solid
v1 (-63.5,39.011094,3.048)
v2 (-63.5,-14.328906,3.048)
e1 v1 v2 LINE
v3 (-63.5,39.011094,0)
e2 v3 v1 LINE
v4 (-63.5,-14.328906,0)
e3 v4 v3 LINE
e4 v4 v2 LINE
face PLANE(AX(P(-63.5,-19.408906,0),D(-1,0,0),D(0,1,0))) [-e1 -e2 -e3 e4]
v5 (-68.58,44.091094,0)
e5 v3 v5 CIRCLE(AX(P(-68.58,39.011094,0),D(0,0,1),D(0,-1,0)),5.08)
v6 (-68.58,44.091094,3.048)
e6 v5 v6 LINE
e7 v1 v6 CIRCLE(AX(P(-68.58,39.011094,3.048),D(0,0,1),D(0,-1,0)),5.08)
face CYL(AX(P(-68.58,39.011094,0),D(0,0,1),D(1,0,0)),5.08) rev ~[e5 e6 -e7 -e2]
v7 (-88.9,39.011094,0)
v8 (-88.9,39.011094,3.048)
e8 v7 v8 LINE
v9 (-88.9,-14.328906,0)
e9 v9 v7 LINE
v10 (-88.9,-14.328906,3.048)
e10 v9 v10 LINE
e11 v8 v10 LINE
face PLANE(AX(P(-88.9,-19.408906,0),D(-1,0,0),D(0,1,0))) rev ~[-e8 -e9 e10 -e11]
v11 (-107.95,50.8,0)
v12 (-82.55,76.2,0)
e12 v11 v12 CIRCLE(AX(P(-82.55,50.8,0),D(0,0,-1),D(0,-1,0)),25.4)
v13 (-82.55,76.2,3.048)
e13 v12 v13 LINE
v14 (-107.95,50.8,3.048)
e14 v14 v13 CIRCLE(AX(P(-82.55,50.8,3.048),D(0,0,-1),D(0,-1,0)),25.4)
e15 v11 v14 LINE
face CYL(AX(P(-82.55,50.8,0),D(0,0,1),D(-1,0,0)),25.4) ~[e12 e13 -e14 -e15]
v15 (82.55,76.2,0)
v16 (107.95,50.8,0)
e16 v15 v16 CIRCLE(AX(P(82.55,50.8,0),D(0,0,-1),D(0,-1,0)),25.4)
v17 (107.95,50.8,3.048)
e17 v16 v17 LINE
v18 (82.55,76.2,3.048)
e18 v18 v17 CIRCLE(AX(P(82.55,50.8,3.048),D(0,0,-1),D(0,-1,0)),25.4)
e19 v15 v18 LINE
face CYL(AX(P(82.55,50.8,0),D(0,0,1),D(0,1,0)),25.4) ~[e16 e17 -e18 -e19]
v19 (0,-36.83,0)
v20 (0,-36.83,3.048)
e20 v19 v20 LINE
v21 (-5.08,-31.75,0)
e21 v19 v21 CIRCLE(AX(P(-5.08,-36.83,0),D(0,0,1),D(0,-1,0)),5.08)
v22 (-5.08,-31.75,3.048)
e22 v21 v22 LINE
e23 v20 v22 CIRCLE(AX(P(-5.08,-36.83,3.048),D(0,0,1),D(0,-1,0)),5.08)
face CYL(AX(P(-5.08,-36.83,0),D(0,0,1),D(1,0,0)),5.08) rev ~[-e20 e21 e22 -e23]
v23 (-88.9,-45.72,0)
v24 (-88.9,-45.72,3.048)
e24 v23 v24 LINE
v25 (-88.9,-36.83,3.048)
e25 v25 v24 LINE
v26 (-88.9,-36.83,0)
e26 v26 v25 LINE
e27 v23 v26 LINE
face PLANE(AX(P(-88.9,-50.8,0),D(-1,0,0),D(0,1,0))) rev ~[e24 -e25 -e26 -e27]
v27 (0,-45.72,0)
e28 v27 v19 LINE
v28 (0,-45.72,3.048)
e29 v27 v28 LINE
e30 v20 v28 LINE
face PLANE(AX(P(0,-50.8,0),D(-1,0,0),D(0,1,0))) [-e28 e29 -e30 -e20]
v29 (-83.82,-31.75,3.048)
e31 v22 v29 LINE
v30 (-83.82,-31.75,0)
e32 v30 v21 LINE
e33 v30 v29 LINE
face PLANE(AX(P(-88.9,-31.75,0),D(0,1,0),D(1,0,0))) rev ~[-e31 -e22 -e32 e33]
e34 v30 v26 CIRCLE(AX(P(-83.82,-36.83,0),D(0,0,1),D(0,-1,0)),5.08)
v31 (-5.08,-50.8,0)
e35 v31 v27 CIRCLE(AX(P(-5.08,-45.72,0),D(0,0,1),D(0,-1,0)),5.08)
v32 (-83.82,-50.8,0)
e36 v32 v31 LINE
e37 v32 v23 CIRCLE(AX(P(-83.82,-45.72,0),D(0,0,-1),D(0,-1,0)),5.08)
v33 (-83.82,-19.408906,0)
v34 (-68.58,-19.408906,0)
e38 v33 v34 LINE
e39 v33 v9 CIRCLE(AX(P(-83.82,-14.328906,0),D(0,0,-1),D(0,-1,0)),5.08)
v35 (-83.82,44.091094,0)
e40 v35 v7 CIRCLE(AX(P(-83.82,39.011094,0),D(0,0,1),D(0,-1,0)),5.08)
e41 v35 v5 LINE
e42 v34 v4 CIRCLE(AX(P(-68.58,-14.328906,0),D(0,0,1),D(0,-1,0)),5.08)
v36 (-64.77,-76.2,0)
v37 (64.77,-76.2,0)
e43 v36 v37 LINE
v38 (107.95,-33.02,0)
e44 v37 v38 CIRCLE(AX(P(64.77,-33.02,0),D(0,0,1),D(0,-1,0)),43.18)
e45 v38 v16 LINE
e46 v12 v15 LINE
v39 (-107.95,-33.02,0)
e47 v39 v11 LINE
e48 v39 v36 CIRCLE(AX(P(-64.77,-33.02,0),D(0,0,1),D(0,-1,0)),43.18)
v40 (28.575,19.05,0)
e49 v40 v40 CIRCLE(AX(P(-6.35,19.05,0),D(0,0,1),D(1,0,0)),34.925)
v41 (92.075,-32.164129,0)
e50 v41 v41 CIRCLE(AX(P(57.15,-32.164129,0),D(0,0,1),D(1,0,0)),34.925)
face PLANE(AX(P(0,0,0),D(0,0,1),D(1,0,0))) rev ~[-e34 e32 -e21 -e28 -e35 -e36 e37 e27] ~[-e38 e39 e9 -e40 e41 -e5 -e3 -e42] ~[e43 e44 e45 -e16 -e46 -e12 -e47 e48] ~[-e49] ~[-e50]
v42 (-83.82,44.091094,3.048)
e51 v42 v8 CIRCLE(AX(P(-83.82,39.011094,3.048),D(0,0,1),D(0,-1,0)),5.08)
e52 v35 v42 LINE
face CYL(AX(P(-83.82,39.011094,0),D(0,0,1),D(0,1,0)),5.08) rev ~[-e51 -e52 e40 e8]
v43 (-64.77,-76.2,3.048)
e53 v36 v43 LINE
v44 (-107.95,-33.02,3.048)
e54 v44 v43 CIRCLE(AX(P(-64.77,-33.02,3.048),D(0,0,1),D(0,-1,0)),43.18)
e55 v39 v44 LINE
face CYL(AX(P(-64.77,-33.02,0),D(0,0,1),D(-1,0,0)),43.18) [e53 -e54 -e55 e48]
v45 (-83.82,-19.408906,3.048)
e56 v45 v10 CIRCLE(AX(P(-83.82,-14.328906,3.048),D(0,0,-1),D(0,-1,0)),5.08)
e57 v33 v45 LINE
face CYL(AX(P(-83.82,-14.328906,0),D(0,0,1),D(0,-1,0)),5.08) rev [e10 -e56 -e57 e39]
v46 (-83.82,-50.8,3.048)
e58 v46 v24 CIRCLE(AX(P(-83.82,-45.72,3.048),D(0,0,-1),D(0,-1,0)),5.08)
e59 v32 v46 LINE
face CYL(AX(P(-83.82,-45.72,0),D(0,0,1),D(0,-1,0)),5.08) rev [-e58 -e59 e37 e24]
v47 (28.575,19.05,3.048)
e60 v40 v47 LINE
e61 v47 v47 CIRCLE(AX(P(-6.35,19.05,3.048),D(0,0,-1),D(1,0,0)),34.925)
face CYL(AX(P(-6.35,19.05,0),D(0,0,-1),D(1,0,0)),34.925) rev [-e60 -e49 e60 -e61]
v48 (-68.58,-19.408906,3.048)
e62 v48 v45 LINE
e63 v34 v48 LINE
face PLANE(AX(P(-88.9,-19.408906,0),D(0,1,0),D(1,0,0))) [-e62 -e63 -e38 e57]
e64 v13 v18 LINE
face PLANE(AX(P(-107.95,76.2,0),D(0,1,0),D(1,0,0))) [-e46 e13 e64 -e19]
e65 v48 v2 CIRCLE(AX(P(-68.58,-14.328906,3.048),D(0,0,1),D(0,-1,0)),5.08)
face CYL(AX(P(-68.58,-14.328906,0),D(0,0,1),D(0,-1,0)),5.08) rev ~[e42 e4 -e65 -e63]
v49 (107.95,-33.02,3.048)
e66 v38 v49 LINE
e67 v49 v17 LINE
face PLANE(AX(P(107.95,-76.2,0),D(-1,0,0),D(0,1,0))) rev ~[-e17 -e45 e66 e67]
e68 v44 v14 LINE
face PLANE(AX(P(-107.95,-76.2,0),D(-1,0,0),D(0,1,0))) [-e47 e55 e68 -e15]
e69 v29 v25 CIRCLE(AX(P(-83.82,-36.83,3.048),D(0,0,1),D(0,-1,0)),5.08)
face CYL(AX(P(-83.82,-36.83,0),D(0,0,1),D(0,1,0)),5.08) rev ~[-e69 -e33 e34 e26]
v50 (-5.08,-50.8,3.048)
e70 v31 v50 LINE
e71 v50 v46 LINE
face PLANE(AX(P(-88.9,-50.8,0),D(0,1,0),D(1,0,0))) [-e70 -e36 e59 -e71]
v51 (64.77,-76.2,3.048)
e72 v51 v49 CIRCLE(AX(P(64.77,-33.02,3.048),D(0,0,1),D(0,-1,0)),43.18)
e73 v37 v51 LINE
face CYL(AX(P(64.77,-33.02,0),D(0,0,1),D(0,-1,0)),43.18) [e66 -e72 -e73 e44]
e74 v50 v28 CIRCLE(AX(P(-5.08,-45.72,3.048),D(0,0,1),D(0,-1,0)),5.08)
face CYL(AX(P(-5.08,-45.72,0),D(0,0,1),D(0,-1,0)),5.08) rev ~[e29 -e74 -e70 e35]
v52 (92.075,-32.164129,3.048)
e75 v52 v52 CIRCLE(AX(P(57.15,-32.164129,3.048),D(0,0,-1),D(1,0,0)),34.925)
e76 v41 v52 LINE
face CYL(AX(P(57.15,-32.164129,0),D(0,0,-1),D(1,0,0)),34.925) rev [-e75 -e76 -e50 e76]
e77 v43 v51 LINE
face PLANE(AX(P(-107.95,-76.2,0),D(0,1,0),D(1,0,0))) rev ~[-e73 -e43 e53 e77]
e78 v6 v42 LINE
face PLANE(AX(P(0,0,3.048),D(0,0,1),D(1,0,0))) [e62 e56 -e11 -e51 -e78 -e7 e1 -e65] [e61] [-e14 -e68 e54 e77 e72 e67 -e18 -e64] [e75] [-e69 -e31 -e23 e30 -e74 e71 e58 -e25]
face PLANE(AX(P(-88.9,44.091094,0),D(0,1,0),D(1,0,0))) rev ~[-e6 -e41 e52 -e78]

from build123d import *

# Parameters (mm, degrees)
F0_W     = 215.9
F0_H     = 152.4
F1_DEPTH = 3.048
F2_W     = 25.4
F2_H     = 63.5
F2_R     = 34.925
F2_W_2   = 88.9
F2_H_2   = 19.05
F3_DEPTH = 25.4
F4_R     = 43.18
F5_R     = 5.08
F6_R     = 25.4


with BuildPart() as f1:
    # F0 (on Top) → F1 (new body)
    with BuildSketch(Plane.XY):
        Rectangle(F0_W, F0_H)
    extrude(amount=F1_DEPTH)

    # F2 (on Top) → F3 (cut)
    with BuildSketch(Plane.XY):
        with Locations((-76.2, 12.341094)):
            Rectangle(F2_W, F2_H)
        with Locations((-6.35, 19.05)):
            Circle(F2_R)
        with Locations((57.15, -32.164129)):
            Circle(F2_R)
        with Locations((-44.45, -41.275)):
            Rectangle(F2_W_2, F2_H_2)
    extrude(amount=F3_DEPTH, mode=Mode.SUBTRACT)

    # F4
    f4_edges = [f1.edges().sort_by_distance(p)[0] for p in [
        (-107.95, -76.2, 1.524),
        (107.95, -76.2, 1.524),
    ]]
    fillet(f4_edges, radius=F4_R)

    # F5
    f5_edges = [f1.edges().sort_by_distance(p)[0] for p in [
        (-88.9, 44.091094, 1.524),
        (-63.5, 44.091094, 1.524),
        (-88.9, -19.408906, 1.524),
        (-63.5, -19.408906, 1.524),
        (0, -50.8, 1.524),
        (0, -31.75, 1.524),
        (-88.9, -50.8, 1.524),
        (-88.9, -31.75, 1.524),
    ]]
    fillet(f5_edges, radius=F5_R)

    # F6
    f6_edges = [f1.edges().sort_by_distance(p)[0] for p in [
        (-107.95, 76.2, 1.524),
        (107.95, 76.2, 1.524),
    ]]
    fillet(f6_edges, radius=F6_R)


solid = f1.part
